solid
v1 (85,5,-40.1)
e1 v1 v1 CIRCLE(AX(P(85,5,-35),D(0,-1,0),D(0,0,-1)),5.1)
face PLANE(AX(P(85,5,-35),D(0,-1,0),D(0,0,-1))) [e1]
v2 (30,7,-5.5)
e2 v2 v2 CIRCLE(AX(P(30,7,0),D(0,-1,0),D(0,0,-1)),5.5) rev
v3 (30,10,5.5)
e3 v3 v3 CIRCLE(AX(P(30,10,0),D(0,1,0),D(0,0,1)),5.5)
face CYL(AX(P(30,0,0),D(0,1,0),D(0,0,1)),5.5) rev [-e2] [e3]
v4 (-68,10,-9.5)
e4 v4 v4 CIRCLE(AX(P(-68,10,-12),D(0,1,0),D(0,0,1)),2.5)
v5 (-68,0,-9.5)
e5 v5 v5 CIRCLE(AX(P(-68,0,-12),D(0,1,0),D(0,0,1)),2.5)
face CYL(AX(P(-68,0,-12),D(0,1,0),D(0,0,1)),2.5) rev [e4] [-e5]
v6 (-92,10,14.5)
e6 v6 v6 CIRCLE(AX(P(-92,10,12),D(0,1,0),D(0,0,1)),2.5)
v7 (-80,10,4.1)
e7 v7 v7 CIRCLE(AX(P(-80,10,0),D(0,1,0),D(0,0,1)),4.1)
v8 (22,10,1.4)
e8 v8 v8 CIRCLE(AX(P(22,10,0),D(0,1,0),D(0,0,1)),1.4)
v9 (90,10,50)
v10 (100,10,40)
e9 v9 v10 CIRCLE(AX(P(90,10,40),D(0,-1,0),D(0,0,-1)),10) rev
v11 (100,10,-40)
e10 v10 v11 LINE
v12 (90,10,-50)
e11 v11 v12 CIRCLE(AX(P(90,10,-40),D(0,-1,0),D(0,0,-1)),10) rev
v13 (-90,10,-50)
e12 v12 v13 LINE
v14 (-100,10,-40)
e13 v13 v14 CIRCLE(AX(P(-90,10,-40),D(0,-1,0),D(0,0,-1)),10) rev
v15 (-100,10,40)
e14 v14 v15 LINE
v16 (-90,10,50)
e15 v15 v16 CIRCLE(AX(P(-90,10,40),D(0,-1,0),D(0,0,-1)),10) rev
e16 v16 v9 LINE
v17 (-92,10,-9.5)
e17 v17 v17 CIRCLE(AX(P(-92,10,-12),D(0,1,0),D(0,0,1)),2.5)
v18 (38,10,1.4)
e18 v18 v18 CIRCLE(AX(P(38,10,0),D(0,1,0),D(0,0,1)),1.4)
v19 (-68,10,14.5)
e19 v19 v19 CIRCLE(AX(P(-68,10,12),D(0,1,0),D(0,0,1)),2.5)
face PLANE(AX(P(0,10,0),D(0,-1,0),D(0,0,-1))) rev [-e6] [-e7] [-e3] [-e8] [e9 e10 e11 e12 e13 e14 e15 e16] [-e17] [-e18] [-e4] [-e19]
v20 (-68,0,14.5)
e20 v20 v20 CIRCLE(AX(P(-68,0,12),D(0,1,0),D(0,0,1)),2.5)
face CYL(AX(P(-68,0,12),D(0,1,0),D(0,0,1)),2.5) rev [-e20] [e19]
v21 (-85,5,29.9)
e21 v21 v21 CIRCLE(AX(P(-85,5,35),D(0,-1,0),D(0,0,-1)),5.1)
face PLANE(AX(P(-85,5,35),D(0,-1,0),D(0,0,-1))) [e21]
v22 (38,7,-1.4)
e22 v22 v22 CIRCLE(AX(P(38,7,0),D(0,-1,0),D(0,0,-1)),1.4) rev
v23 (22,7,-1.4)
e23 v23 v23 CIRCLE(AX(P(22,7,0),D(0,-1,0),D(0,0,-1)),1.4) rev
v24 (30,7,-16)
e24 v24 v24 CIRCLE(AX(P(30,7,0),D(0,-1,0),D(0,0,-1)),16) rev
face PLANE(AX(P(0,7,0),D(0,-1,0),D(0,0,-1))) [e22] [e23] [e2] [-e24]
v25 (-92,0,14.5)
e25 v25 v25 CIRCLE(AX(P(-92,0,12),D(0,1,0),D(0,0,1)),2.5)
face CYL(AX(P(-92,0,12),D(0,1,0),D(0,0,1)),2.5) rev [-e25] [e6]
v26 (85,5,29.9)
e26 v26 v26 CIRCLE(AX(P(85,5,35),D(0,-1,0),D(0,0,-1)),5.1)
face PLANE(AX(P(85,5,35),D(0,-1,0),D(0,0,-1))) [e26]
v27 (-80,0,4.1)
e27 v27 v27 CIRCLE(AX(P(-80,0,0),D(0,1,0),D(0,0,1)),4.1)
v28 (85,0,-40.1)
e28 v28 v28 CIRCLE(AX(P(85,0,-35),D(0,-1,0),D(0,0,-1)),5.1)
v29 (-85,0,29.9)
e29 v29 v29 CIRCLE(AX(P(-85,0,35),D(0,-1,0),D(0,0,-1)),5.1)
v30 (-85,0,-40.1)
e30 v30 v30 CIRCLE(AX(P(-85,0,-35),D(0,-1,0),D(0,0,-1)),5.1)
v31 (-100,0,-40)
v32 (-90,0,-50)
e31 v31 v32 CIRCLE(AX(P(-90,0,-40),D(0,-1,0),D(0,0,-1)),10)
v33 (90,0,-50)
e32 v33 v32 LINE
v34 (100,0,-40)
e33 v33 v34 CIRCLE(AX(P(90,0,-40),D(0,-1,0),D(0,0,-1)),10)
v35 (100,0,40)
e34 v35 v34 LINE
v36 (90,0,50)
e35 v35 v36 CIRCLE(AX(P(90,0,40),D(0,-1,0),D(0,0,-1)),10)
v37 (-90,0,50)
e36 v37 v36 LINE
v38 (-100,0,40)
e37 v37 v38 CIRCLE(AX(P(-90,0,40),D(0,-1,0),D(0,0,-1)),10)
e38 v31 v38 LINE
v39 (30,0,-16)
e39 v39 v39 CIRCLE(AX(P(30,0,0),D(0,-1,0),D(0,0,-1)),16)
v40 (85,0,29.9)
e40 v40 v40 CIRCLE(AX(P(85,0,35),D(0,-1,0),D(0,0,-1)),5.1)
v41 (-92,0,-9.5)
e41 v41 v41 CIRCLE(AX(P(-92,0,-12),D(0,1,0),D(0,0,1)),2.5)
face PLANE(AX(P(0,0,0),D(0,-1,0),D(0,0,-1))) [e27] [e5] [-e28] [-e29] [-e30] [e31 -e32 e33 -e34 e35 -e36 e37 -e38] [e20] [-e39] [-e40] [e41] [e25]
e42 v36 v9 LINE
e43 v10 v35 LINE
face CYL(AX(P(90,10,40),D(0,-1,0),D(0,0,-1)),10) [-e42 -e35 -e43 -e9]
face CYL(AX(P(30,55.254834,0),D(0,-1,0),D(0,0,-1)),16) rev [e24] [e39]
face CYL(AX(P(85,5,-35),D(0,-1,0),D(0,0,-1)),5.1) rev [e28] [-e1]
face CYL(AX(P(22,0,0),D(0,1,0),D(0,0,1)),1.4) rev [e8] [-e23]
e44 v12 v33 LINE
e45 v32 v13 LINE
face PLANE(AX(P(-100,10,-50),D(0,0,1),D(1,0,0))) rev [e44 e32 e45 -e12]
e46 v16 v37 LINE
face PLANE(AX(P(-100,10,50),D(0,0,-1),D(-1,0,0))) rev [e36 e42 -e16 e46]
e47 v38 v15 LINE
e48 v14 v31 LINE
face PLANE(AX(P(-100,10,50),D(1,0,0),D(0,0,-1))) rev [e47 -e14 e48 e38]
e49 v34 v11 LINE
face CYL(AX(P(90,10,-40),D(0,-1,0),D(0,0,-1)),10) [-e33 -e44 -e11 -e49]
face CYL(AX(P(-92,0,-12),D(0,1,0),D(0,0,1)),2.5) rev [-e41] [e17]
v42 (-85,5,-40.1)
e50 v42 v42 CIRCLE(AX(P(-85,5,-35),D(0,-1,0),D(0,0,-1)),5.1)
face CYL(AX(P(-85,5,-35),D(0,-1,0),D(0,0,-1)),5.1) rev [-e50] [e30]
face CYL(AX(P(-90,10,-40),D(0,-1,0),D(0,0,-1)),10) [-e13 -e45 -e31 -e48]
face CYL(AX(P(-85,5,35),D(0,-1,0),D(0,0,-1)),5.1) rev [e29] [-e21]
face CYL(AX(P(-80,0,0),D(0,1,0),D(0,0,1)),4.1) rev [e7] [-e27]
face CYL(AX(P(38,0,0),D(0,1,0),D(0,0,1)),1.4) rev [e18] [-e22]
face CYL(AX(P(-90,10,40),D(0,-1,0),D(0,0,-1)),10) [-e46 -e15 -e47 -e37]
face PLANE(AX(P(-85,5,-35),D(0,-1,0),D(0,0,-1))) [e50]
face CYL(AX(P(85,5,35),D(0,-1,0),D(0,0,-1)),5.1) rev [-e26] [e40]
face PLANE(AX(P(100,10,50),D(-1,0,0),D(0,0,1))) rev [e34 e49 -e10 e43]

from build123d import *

# Parameters (mm, degrees)
SKETCH_1_W          = 200
SKETCH_1_H          = 100
EXTRUDE_1_DEPTH     = 10
SKETCH_2_R          = 2.5
SKETCH_2_R_2        = 5.5
SKETCH_2_R_3        = 1.4
SKETCH_2_R_4        = 4.1
CUT_EXTRUDE_1_DEPTH = 113.249721603
SKETCH_3_R          = 16
CUT_EXTRUDE_2_DEPTH = 7
FILLET_1_R          = 10
SKETCH_4_R          = 5.1
CUT_EXTRUDE_4_DEPTH = 5


with BuildPart() as part:
    # ｽｹｯﾁ1 → ﾎﾞｽ - 押し出し1 (new body)
    with BuildSketch(Plane(origin=(0, 0, 0), x_dir=(1, 0, 0), z_dir=(0, 1, 0))):
        Rectangle(SKETCH_1_W, SKETCH_1_H)
    extrude(amount=EXTRUDE_1_DEPTH)

    # ｽｹｯﾁ2 → ｶｯﾄ - 押し出し1 (cut, through all)
    with BuildSketch(Plane(origin=(0, 10, 0), x_dir=(1, 0, 0), z_dir=(0, 1, 0))):
        with Locations(Location((-92, 12, 0), (0, 0, 270))):
            Circle(SKETCH_2_R)
        with Locations(Location((-68, 12, 0), (0, 0, 270))):
            Circle(SKETCH_2_R)
        with Locations(Location((-92, -12, 0), (0, 0, 270))):
            Circle(SKETCH_2_R)
        with Locations(Location((-68, -12, 0), (0, 0, 270))):
            Circle(SKETCH_2_R)
        with Locations(Location((30, 0, 0), (0, 0, 270))):
            Circle(SKETCH_2_R_2)
        with Locations(Location((38, 0, 0), (0, 0, 270))):
            Circle(SKETCH_2_R_3)
        with Locations(Location((22, 0, 0), (0, 0, 270))):
            Circle(SKETCH_2_R_3)
        with Locations(Location((-80, 0, 0), (0, 0, 270))):
            Circle(SKETCH_2_R_4)
    extrude(amount=-CUT_EXTRUDE_1_DEPTH, mode=Mode.SUBTRACT)

    # ｽｹｯﾁ3 → ｶｯﾄ - 押し出し2 (cut)
    with BuildSketch(Plane.XZ):
        with Locations(Location((30, 0, 0), (0, 0, 270))):
            Circle(SKETCH_3_R)
    extrude(amount=-CUT_EXTRUDE_2_DEPTH, mode=Mode.SUBTRACT)

    # ﾌｨﾚｯﾄ1
    fillet_1_edges = [part.edges().sort_by_distance(p)[0] for p in [
        (100, 5, 50),
        (-100, 5, 50),
        (-100, 5, -50),
        (100, 5, -50),
    ]]
    fillet(fillet_1_edges, radius=FILLET_1_R)

    # ｽｹｯﾁ4 → ｶｯﾄ - 押し出し4 (cut)
    with BuildSketch(Plane.XZ):
        with Locations(Location((-85, 35, 0), (0, 0, 270))):
            Circle(SKETCH_4_R)
        with Locations(Location((-85, -35, 0), (0, 0, 270))):
            Circle(SKETCH_4_R)
        with Locations(Location((85, -35, 0), (0, 0, 270))):
            Circle(SKETCH_4_R)
        with Locations(Location((85, 35, 0), (0, 0, 270))):
            Circle(SKETCH_4_R)
    extrude(amount=-CUT_EXTRUDE_4_DEPTH, mode=Mode.SUBTRACT)


solid = part.part
